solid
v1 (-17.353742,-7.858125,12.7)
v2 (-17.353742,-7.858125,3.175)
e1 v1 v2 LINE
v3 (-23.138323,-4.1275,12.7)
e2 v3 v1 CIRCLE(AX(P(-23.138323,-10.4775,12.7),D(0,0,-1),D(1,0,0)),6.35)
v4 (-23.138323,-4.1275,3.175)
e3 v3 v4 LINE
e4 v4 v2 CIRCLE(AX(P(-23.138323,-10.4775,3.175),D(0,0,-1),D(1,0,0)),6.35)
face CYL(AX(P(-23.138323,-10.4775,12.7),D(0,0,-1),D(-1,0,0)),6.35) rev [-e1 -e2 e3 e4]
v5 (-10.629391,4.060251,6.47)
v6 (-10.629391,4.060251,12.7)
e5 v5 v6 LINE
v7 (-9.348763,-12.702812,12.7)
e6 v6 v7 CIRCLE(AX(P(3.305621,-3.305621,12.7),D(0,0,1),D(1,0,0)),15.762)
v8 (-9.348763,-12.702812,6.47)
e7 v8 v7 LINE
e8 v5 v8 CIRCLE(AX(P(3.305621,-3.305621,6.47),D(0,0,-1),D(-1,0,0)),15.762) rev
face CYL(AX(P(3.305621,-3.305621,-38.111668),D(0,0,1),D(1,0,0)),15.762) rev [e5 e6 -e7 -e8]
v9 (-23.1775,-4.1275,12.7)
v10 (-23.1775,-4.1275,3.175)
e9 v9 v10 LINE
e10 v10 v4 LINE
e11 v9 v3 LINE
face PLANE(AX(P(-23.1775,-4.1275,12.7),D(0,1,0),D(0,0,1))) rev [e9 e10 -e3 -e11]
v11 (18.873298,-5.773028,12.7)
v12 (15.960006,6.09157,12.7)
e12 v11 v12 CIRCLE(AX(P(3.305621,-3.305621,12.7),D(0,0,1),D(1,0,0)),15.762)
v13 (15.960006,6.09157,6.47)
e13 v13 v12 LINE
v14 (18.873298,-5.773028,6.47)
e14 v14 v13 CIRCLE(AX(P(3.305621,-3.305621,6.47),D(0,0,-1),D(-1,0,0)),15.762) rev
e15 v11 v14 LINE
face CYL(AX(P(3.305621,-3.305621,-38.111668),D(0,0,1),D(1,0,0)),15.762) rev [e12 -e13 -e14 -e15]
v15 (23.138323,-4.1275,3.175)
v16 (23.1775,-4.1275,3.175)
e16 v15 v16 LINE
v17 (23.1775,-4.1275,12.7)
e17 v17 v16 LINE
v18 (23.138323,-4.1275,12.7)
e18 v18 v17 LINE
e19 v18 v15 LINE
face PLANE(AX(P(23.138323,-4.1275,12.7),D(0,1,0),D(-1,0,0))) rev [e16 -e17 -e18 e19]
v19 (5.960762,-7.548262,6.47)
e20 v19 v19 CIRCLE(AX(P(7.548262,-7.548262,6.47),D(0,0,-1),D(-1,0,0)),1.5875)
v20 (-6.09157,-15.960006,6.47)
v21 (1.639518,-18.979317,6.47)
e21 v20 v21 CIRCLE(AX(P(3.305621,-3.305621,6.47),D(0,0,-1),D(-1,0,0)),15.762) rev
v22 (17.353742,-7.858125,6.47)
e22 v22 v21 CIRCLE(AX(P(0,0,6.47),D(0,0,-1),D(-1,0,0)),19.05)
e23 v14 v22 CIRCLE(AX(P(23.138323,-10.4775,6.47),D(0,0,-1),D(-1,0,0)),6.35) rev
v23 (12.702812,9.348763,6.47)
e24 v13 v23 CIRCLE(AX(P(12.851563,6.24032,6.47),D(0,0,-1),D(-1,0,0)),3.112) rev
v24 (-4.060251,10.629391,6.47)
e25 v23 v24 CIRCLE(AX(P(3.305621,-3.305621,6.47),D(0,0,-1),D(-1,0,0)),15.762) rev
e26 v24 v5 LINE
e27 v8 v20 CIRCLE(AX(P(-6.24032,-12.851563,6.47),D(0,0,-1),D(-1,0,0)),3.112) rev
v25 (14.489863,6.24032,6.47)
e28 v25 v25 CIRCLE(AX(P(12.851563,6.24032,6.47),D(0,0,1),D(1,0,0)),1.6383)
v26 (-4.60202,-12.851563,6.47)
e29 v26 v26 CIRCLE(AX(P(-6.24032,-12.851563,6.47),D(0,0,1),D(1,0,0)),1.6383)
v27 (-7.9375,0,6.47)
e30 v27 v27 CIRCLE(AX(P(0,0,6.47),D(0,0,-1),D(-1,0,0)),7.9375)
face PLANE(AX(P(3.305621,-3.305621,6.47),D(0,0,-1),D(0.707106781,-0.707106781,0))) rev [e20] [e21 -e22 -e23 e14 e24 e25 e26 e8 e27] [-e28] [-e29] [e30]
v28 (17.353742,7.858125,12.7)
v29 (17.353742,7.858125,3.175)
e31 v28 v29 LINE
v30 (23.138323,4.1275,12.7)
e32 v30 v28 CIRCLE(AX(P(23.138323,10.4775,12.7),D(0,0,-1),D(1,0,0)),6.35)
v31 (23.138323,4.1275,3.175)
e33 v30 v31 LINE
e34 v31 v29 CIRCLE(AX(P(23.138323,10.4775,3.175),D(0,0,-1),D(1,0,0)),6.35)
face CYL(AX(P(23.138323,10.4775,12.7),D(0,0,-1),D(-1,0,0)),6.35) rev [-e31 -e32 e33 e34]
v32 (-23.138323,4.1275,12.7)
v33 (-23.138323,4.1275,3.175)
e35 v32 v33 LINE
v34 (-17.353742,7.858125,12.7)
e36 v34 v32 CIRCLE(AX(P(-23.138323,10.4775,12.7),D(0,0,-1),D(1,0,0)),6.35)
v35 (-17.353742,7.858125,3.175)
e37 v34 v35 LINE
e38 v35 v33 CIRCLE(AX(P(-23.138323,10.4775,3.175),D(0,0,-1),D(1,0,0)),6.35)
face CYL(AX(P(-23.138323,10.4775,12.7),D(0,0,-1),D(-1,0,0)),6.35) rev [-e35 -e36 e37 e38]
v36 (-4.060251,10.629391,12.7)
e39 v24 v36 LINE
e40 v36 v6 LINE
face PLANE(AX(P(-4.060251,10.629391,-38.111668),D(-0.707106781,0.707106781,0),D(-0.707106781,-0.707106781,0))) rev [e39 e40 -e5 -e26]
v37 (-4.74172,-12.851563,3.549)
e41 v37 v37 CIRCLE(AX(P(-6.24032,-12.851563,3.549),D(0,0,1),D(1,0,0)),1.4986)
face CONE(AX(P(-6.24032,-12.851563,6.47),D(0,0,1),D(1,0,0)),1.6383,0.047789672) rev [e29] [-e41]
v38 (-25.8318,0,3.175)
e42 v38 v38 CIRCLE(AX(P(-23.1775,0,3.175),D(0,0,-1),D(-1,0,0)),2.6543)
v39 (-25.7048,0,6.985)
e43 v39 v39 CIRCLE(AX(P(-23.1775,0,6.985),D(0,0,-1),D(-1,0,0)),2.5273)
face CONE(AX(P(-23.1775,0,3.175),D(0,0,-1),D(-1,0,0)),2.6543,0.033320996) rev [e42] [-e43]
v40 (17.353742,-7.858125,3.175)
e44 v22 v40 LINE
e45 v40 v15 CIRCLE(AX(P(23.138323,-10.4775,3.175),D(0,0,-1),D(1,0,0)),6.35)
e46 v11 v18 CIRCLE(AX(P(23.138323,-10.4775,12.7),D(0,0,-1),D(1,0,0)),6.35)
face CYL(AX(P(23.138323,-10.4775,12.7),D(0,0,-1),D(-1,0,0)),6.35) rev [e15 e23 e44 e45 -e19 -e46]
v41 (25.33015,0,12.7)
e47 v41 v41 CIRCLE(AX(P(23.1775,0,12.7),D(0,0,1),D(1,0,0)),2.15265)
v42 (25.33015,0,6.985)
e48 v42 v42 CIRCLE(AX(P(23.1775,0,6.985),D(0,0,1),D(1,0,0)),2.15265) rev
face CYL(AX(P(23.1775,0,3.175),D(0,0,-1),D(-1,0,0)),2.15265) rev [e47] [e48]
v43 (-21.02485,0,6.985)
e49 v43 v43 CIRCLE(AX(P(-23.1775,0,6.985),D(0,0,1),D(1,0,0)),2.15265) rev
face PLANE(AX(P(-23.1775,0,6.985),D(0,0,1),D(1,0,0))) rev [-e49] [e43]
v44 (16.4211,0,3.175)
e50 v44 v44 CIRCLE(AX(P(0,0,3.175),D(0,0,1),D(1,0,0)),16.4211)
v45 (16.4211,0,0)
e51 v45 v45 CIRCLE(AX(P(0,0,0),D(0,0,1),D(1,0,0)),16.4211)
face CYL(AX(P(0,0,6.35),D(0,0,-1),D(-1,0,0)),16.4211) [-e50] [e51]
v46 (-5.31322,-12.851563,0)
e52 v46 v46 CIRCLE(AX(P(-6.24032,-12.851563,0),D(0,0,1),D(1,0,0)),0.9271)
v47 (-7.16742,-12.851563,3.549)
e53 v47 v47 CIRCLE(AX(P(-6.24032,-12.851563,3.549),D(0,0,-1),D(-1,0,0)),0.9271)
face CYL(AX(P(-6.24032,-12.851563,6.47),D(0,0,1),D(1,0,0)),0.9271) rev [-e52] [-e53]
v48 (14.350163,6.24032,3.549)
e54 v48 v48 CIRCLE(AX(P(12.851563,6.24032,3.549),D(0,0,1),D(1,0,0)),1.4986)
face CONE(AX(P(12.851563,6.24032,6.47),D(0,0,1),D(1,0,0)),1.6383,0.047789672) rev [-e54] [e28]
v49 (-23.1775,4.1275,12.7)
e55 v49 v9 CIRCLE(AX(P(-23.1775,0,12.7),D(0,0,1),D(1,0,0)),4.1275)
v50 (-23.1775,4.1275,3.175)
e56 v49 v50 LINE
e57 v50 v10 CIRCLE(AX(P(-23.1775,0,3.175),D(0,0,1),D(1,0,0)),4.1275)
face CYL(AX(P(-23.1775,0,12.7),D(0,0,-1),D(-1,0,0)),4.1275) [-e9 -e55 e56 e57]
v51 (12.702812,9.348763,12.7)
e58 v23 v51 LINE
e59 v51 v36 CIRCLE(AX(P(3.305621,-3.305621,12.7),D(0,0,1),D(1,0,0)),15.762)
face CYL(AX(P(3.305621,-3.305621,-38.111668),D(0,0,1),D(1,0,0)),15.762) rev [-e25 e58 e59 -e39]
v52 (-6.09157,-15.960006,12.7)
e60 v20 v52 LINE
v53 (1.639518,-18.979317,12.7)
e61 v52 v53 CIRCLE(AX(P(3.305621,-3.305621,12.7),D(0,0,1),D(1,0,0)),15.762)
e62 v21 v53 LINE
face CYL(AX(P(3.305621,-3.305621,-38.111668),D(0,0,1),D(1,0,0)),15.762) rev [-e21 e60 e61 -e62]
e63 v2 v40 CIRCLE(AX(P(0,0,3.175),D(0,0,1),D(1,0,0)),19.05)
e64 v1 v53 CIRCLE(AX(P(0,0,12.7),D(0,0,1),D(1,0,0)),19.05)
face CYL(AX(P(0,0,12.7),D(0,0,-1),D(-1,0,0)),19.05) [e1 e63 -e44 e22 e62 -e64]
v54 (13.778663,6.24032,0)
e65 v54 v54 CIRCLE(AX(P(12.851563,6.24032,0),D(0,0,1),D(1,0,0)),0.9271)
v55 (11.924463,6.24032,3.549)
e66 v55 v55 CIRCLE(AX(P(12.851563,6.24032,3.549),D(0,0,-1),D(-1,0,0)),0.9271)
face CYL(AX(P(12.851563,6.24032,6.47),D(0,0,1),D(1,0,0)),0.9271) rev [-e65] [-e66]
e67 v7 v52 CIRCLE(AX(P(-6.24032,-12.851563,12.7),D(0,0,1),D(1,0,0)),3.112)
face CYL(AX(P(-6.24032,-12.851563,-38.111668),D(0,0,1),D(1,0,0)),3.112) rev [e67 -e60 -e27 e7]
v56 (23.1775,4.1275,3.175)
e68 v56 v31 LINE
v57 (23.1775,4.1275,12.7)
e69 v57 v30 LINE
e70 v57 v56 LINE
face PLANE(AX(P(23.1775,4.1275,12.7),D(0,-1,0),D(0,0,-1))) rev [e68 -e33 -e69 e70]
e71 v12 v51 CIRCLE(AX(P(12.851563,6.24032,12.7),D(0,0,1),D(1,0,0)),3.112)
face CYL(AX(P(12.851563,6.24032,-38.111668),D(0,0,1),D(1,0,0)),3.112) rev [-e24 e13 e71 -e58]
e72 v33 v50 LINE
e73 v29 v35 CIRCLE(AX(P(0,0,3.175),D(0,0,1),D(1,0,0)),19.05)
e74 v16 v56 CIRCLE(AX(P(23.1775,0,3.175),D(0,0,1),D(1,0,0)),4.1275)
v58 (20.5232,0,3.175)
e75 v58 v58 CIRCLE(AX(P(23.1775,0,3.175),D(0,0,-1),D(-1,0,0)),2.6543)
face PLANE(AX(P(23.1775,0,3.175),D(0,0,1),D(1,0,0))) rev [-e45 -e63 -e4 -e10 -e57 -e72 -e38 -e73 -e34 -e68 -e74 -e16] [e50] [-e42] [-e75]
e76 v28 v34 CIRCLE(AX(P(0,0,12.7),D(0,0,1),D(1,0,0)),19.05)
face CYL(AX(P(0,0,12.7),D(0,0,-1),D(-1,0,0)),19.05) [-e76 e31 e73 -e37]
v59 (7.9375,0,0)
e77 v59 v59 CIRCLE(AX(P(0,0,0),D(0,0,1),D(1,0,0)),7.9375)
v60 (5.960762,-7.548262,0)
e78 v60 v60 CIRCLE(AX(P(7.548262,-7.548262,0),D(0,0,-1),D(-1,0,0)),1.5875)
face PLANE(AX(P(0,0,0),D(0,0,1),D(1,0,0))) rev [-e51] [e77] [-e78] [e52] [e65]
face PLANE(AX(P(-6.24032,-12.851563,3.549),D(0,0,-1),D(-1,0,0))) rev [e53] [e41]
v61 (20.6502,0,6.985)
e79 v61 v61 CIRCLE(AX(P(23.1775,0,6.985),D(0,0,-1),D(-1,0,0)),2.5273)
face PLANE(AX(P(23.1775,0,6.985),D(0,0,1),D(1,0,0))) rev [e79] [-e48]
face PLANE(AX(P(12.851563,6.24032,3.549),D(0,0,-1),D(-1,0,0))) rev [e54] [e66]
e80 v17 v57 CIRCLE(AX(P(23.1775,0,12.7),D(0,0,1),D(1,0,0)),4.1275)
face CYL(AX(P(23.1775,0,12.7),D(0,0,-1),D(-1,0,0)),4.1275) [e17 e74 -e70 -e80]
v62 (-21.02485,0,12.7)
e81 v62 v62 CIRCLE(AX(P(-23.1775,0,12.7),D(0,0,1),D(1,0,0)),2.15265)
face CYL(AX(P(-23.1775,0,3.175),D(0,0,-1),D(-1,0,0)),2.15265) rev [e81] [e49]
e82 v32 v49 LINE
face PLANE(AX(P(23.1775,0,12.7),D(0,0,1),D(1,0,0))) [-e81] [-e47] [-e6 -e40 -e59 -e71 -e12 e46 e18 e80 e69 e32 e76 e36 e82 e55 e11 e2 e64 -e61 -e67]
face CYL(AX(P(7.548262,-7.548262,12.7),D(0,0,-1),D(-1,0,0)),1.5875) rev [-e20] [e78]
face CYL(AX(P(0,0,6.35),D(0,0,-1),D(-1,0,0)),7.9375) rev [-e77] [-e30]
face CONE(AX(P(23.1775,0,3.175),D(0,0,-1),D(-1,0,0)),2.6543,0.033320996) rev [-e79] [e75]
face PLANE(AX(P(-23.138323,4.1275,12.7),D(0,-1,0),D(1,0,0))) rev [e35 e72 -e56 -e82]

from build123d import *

# Parameters (mm, degrees)
SKETCH1_R                     = 7.9375
BOSS_EXTRUDE1_DEPTH           = 6.35
SKETCH2_R                     = 16.4211
BOSS_EXTRUDE3_DEPTH           = 6.35
BOSS_EXTRUDE3_DEPTH_BACK      = 3.175
F_6_CLEARANCE_HOLE1_D         = 4.3053
F_6_CLEARANCE_HOLE1_DEPTH     = 9.525
F_6_PLASTIC_INSERT_AT_2_COUNT = 2
F_6_PLASTIC_INSERT_AT_2_PITCH = 46.355
BOSS_EXTRUDE4_REACH           = 14.7
SKETCH22_R                    = 16.4211
SKETCH22_R_2                  = 7.9375
CUT_EXTRUDE1_START            = -6.23
CUT_EXTRUDE1_DEPTH            = 6.23
SKETCH24_R                    = 1.5875
CUT_EXTRUDE2_DEPTH            = 13.7
HOLE1_AT_2_COUNT              = 2
HOLE1_AT_2_PITCH              = 27
F_0_CLEARANCE_HOLE1_D         = 1.8542


with BuildPart() as part:
    # Sketch1 → Boss-Extrude1 (new body)
    with BuildSketch(Plane.XY):
        with BuildLine():
            ThreePointArc((16.170566439, -2.8575), (16.4211, 0), (16.170566439, 2.8575))
            ThreePointArc((16.170566439, 2.8575), (0, 16.4211), (-16.170566439, 2.8575))
            ThreePointArc((-16.170566439, 2.8575), (-16.4211, 0), (-16.170566439, -2.8575))
            ThreePointArc((-16.170566439, -2.8575), (0, -16.4211), (16.170566439, -2.8575))
        make_face()
        Circle(SKETCH1_R, mode=Mode.SUBTRACT)
    extrude(amount=BOSS_EXTRUDE1_DEPTH)

    # Sketch2 → Boss-Extrude3 (add, two sides)
    with BuildSketch(Plane.XY.offset(6.35)) as boss_extrude3_sk:
        with BuildLine():
            Line((23.1775, 4.1275), (23.138323054, 4.1275))
            ThreePointArc((23.138323054, 4.1275), (19.696705066, 5.14104372), (17.35374229, 7.858125))
            ThreePointArc((17.35374229, 7.858125), (0, 19.05), (-17.35374229, 7.858125))
            ThreePointArc((-17.35374229, 7.858125), (-19.696705066, 5.14104372), (-23.138323054, 4.1275))
            Line((-23.138323054, 4.1275), (-23.1775, 4.1275))
            ThreePointArc((-23.1775, 4.1275), (-27.305, 0), (-23.1775, -4.1275))
            Line((-23.1775, -4.1275), (-23.138323054, -4.1275))
            ThreePointArc((-23.138323054, -4.1275), (-19.696705066, -5.14104372), (-17.35374229, -7.858125))
            ThreePointArc((-17.35374229, -7.858125), (0, -19.05), (17.35374229, -7.858125))
            ThreePointArc((17.35374229, -7.858125), (19.696705066, -5.14104372), (23.138323054, -4.1275))
            Line((23.138323054, -4.1275), (23.1775, -4.1275))
            ThreePointArc((23.1775, -4.1275), (27.305, 0), (23.1775, 4.1275))
        make_face()
        Circle(SKETCH2_R, mode=Mode.SUBTRACT)
    extrude(amount=BOSS_EXTRUDE3_DEPTH)
    extrude(boss_extrude3_sk.sketch, amount=-BOSS_EXTRUDE3_DEPTH_BACK)

    # #6 Clearance Hole1
    with Locations(Plane(origin=(-22.699598292, 0.104385938, 3.175), x_dir=(-1, 0, 0), z_dir=(0, 0, -1))):
        with Locations((-45.877098292, -0.104385938), (0.477901708, -0.104385938)):
            Hole(F_6_CLEARANCE_HOLE1_D / 2, depth=F_6_CLEARANCE_HOLE1_DEPTH)

    # Sketch5 → #6 Plastic Insert (revolve, cut)
    with BuildSketch(Plane(origin=(23.1775, 0, 3.175), x_dir=(0, 1, 0), z_dir=(1, 0, 0))):
        Polygon((0, 0), (0, 3.81), (2.5273, 3.81), (2.6543, 0), align=None)
    f_6_plastic_insert = revolve(axis=Axis((23.1775, 0, 113.175), (0, 0, -1)), mode=Mode.SUBTRACT)

    # #6 Plastic Insert at 2: #6 Plastic Insert ×2
    with Locations(*[(-i * F_6_PLASTIC_INSERT_AT_2_PITCH, 0, 0) for i in range(1, F_6_PLASTIC_INSERT_AT_2_COUNT)]):
        add(f_6_plastic_insert, mode=Mode.SUBTRACT)

    # Sketch22 → Boss-Extrude4 (add, up to next)
    with BuildSketch(Plane.XY.offset(12.7), mode=Mode.PRIVATE) as boss_extrude4_sk1:
        Circle(SKETCH22_R)
        Circle(SKETCH22_R_2, mode=Mode.SUBTRACT)
    boss_extrude4_tool1 = extrude(boss_extrude4_sk1.sketch, amount=-BOSS_EXTRUDE4_REACH, mode=Mode.PRIVATE) - part.part
    add(boss_extrude4_tool1.solids().sort_by_distance((-15.956641, 0, 12.7))[0])

    # Sketch23 → Cut-Extrude1 (cut)
    with BuildSketch(Plane.XY.offset(12.7).offset(CUT_EXTRUDE1_START)):
        with BuildLine():
            Line((-4.060251152, 10.629391126), (-10.629391126, 4.060251152))
            ThreePointArc((-10.629391126, 4.060251152), (-12.41058312, -4.506273431), (-9.348763248, -12.702812177))
            ThreePointArc((-9.348763248, -12.702812177), (-8.44083665, -15.052079048), (-6.091569778, -15.960005646))
            ThreePointArc((-6.091569778, -15.960005646), (14.451038284, -14.451038284), (15.960005646, 6.091569778))
            ThreePointArc((15.960005646, 6.091569778), (15.052079048, 8.44083665), (12.702812177, 9.348763248))
            ThreePointArc((12.702812177, 9.348763248), (4.506273431, 12.41058312), (-4.060251152, 10.629391126))
        make_face()
    extrude(amount=CUT_EXTRUDE1_DEPTH, mode=Mode.SUBTRACT)

    # Sketch24 → Cut-Extrude2 (cut, through all)
    with BuildSketch(Plane(origin=(0, 0, 0), x_dir=(-1, 0, 0), z_dir=(0, 0, -1))):
        with Locations((-7.548261886, -7.548261886)):
            Circle(SKETCH24_R)
    extrude(amount=-CUT_EXTRUDE2_DEPTH, mode=Mode.SUBTRACT)

    # Sketch26 → Hole1 (revolve, cut)
    with BuildSketch(Plane(origin=(-6.240320347, -12.851562745, 6.47), x_dir=(0, -1, 0), z_dir=(1, 0, 0))):
        Polygon((0, 0), (0, 2.921), (1.4986, 2.921), (1.6383, 0), align=None)
    hole1 = revolve(axis=Axis((-6.240320347, -12.851562745, -103.53), (0, 0, 1)), mode=Mode.SUBTRACT)

    # Hole1 at 2: Hole1 ×2
    with Locations(*[Vector(0.707106781, 0.707106781, 0) * (i * HOLE1_AT_2_PITCH) for i in range(1, HOLE1_AT_2_COUNT)]):
        add(hole1, mode=Mode.SUBTRACT)

    # #0 Clearance Hole1 (through all)
    with Locations(Plane.XY.offset(6.47)):
        with Locations((-6.240320347, -12.851562745), (12.851562745, 6.240320347)):
            Hole(F_0_CLEARANCE_HOLE1_D / 2)


solid = part.part
